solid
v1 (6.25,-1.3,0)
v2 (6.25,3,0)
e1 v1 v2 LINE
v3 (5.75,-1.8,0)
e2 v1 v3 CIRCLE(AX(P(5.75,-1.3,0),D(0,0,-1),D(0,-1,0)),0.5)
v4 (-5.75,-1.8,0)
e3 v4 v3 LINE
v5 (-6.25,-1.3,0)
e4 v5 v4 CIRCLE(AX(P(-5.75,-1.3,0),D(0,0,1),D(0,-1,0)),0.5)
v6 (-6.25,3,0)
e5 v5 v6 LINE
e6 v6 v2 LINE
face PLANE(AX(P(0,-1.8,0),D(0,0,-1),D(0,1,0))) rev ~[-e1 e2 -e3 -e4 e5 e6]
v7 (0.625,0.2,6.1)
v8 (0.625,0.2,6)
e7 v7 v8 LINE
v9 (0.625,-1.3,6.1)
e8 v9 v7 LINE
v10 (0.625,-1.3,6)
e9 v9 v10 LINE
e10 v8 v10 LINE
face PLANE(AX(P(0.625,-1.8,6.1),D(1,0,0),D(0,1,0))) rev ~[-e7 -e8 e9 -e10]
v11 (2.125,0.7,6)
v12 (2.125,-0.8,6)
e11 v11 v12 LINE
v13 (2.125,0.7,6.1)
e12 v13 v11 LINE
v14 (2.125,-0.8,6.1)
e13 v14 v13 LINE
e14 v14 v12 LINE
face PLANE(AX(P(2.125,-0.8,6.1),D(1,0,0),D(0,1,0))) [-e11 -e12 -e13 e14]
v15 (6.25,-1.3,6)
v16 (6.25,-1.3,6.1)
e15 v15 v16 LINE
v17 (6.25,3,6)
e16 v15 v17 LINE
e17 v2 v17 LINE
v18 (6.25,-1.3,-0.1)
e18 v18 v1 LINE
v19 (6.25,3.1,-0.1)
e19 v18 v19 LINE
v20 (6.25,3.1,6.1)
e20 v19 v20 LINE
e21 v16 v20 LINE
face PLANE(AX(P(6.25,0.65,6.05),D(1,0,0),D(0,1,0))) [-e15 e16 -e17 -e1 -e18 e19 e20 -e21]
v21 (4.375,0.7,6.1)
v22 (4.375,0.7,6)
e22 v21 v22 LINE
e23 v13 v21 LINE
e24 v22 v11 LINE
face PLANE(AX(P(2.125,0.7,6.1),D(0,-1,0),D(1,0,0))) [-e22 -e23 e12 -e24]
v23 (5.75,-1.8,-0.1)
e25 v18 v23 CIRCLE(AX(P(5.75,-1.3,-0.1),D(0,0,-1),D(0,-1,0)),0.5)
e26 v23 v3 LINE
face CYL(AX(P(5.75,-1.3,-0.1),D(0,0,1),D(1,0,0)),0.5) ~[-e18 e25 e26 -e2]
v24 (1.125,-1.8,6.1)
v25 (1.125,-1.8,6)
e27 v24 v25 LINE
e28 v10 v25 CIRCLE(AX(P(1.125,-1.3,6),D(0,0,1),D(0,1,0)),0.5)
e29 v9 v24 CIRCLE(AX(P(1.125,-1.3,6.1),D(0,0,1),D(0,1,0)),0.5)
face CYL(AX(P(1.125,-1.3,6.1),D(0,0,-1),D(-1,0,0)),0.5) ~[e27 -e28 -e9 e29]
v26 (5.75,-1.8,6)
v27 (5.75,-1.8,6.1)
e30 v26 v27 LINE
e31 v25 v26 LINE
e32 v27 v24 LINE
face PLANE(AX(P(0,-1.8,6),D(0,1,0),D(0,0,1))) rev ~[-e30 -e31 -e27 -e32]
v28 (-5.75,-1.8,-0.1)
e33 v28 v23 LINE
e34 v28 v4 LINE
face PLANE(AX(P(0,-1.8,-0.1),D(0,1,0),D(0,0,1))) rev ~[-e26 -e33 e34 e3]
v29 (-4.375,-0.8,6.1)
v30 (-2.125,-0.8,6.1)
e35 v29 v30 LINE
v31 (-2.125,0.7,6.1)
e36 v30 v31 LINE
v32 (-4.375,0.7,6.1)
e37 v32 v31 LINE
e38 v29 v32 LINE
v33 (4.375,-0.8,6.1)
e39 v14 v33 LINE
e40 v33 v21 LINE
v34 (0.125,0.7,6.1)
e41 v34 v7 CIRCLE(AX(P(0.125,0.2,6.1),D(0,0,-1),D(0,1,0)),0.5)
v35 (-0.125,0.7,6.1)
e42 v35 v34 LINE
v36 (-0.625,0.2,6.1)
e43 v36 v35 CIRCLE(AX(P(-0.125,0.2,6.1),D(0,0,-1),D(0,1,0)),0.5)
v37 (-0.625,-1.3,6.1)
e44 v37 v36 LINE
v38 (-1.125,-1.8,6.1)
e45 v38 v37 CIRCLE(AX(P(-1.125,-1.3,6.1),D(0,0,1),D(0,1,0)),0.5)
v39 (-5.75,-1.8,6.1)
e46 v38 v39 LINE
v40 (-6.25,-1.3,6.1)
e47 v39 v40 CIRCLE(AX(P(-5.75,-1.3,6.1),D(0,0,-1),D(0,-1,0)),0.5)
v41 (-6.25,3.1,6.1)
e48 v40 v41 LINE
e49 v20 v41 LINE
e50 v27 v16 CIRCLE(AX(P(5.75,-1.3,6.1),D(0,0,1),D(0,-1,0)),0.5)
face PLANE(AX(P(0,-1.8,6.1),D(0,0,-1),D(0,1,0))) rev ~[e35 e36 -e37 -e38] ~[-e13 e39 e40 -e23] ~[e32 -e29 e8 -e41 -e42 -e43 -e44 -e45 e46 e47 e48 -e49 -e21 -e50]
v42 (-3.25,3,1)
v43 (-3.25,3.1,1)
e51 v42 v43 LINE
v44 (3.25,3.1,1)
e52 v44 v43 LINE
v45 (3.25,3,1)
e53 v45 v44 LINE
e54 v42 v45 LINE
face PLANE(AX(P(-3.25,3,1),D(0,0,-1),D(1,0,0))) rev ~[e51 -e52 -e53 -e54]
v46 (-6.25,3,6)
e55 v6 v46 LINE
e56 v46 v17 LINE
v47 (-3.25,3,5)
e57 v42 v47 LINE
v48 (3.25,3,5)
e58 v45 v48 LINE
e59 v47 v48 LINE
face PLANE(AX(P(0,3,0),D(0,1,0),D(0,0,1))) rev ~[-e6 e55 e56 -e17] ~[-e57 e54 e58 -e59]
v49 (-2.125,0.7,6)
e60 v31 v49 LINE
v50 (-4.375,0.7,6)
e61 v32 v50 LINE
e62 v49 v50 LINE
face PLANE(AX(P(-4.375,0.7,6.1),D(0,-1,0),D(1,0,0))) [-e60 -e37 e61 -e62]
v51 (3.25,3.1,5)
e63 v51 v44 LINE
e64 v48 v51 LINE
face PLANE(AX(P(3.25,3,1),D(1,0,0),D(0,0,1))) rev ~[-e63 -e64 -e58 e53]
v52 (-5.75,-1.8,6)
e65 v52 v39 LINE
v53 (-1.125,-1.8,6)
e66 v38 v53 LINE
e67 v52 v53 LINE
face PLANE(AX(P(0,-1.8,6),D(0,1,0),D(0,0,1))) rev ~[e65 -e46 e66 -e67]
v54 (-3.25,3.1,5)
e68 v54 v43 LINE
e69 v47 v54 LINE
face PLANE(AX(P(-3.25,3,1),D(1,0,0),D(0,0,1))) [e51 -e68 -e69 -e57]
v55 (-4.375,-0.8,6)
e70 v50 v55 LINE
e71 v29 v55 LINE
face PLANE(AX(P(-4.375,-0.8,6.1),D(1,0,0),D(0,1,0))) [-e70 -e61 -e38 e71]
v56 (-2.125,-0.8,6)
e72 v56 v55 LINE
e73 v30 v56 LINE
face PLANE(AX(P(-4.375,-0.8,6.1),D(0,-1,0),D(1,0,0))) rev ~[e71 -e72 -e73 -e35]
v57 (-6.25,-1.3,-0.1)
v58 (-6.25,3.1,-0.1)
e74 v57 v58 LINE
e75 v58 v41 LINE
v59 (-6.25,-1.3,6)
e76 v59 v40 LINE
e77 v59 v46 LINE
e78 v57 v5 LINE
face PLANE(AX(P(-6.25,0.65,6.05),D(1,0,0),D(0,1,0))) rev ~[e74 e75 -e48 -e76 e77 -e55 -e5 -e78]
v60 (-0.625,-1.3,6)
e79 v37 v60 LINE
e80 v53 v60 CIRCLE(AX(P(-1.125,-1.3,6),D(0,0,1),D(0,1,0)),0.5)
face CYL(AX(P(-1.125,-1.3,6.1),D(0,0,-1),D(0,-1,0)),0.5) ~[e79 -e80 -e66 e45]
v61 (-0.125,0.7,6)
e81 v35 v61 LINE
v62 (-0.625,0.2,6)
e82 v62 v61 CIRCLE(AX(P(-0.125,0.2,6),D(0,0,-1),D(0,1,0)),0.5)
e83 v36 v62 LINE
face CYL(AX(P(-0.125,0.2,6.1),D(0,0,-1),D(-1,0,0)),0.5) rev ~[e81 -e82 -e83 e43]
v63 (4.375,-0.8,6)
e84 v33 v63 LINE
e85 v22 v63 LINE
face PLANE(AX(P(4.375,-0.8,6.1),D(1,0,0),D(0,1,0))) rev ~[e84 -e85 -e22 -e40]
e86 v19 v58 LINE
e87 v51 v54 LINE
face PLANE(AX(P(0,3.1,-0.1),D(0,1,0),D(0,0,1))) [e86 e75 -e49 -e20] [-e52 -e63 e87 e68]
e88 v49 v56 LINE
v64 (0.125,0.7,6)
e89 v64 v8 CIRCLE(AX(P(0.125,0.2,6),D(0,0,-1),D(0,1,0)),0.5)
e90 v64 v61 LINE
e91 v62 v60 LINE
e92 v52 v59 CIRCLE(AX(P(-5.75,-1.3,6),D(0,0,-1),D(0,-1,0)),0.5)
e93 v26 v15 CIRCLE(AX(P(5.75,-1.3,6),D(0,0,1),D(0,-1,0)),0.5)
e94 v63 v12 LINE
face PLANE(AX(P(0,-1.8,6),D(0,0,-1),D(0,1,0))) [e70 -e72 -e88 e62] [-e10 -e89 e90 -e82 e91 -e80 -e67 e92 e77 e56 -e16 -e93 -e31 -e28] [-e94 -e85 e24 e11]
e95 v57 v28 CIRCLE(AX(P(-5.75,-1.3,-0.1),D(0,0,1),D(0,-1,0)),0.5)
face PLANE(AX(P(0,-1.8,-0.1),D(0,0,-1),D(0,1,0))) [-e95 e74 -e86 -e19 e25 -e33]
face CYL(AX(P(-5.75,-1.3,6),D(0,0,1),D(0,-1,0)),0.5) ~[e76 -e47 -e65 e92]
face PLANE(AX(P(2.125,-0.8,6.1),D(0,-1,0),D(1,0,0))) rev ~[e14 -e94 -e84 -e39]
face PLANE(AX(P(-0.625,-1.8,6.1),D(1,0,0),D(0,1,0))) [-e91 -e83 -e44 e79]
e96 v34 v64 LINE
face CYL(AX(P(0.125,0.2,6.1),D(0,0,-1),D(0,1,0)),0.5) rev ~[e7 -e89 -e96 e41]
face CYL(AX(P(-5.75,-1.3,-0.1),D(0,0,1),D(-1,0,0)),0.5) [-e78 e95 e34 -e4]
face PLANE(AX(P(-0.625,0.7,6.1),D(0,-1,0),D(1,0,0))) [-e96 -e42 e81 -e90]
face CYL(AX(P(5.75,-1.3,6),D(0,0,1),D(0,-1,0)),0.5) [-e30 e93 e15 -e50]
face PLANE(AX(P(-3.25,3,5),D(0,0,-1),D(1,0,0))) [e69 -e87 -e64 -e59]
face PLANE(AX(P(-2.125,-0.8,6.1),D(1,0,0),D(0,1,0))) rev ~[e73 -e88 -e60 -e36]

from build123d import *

# Parameters (mm, degrees)
SKETCH002_W     = 4.9
SKETCH002_H     = 0.1
SKETCH002_W_2   = 0.1
SKETCH002_H_2   = 6.1
SKETCH002_W_3   = 4.8
EXTRUDE_DEPTH   = 6.25
SKETCH003_W     = 1.25
SKETCH003_H     = 2.5
SKETCH003_W_2   = 2.25
SKETCH003_H_2   = 1.5
POCKET_DEPTH    = 5
FILLET_R        = 0.5
SKETCH005_W     = 6.5
SKETCH005_H     = 4
POCKET001_DEPTH = 5


with BuildPart() as part:
    # Sketch002 → Extrude (new body, symmetric)
    with BuildSketch(Plane.YZ):
        with Locations((0.65, 6.05)):
            Rectangle(SKETCH002_W, SKETCH002_H)
        with Locations((3.05, 2.95)):
            Rectangle(SKETCH002_W_2, SKETCH002_H_2)
        with Locations((0.6, -0.05)):
            Rectangle(SKETCH002_W_3, SKETCH002_H)
    extrude(amount=EXTRUDE_DEPTH, both=True)

    # Sketch003 (on Face9 of Extrude) → Pocket (cut)
    with BuildSketch(Plane.XY.offset(6.1)):
        with Locations((0, -0.55)):
            Rectangle(SKETCH003_W, SKETCH003_H)
        with Locations((3.25, -0.05)):
            Rectangle(SKETCH003_W_2, SKETCH003_H_2)
        with Locations((-3.25, -0.05)):
            Rectangle(SKETCH003_W_2, SKETCH003_H_2)
    extrude(amount=-POCKET_DEPTH, mode=Mode.SUBTRACT)

    # Fillet
    fillet_edges = [part.edges().sort_by_distance(p)[0] for p in [
        (0.625, -1.8, 6.05),
        (0.625, 0.7, 6.05),
        (-0.625, -1.8, 6.05),
        (-0.625, 0.7, 6.05),
        (6.25, -1.8, 6.05),
        (-6.25, -1.8, 6.05),
        (-6.25, -1.8, -0.05),
        (6.25, -1.8, -0.05),
    ]]
    fillet(fillet_edges, radius=FILLET_R)

    # Sketch005 (on Face4 of Fillet) → Pocket001 (cut)
    with BuildSketch(Plane.XZ.offset(-3)):
        with Locations((0, 3)):
            Rectangle(SKETCH005_W, SKETCH005_H)
    extrude(amount=-POCKET001_DEPTH, mode=Mode.SUBTRACT)


solid = part.part
